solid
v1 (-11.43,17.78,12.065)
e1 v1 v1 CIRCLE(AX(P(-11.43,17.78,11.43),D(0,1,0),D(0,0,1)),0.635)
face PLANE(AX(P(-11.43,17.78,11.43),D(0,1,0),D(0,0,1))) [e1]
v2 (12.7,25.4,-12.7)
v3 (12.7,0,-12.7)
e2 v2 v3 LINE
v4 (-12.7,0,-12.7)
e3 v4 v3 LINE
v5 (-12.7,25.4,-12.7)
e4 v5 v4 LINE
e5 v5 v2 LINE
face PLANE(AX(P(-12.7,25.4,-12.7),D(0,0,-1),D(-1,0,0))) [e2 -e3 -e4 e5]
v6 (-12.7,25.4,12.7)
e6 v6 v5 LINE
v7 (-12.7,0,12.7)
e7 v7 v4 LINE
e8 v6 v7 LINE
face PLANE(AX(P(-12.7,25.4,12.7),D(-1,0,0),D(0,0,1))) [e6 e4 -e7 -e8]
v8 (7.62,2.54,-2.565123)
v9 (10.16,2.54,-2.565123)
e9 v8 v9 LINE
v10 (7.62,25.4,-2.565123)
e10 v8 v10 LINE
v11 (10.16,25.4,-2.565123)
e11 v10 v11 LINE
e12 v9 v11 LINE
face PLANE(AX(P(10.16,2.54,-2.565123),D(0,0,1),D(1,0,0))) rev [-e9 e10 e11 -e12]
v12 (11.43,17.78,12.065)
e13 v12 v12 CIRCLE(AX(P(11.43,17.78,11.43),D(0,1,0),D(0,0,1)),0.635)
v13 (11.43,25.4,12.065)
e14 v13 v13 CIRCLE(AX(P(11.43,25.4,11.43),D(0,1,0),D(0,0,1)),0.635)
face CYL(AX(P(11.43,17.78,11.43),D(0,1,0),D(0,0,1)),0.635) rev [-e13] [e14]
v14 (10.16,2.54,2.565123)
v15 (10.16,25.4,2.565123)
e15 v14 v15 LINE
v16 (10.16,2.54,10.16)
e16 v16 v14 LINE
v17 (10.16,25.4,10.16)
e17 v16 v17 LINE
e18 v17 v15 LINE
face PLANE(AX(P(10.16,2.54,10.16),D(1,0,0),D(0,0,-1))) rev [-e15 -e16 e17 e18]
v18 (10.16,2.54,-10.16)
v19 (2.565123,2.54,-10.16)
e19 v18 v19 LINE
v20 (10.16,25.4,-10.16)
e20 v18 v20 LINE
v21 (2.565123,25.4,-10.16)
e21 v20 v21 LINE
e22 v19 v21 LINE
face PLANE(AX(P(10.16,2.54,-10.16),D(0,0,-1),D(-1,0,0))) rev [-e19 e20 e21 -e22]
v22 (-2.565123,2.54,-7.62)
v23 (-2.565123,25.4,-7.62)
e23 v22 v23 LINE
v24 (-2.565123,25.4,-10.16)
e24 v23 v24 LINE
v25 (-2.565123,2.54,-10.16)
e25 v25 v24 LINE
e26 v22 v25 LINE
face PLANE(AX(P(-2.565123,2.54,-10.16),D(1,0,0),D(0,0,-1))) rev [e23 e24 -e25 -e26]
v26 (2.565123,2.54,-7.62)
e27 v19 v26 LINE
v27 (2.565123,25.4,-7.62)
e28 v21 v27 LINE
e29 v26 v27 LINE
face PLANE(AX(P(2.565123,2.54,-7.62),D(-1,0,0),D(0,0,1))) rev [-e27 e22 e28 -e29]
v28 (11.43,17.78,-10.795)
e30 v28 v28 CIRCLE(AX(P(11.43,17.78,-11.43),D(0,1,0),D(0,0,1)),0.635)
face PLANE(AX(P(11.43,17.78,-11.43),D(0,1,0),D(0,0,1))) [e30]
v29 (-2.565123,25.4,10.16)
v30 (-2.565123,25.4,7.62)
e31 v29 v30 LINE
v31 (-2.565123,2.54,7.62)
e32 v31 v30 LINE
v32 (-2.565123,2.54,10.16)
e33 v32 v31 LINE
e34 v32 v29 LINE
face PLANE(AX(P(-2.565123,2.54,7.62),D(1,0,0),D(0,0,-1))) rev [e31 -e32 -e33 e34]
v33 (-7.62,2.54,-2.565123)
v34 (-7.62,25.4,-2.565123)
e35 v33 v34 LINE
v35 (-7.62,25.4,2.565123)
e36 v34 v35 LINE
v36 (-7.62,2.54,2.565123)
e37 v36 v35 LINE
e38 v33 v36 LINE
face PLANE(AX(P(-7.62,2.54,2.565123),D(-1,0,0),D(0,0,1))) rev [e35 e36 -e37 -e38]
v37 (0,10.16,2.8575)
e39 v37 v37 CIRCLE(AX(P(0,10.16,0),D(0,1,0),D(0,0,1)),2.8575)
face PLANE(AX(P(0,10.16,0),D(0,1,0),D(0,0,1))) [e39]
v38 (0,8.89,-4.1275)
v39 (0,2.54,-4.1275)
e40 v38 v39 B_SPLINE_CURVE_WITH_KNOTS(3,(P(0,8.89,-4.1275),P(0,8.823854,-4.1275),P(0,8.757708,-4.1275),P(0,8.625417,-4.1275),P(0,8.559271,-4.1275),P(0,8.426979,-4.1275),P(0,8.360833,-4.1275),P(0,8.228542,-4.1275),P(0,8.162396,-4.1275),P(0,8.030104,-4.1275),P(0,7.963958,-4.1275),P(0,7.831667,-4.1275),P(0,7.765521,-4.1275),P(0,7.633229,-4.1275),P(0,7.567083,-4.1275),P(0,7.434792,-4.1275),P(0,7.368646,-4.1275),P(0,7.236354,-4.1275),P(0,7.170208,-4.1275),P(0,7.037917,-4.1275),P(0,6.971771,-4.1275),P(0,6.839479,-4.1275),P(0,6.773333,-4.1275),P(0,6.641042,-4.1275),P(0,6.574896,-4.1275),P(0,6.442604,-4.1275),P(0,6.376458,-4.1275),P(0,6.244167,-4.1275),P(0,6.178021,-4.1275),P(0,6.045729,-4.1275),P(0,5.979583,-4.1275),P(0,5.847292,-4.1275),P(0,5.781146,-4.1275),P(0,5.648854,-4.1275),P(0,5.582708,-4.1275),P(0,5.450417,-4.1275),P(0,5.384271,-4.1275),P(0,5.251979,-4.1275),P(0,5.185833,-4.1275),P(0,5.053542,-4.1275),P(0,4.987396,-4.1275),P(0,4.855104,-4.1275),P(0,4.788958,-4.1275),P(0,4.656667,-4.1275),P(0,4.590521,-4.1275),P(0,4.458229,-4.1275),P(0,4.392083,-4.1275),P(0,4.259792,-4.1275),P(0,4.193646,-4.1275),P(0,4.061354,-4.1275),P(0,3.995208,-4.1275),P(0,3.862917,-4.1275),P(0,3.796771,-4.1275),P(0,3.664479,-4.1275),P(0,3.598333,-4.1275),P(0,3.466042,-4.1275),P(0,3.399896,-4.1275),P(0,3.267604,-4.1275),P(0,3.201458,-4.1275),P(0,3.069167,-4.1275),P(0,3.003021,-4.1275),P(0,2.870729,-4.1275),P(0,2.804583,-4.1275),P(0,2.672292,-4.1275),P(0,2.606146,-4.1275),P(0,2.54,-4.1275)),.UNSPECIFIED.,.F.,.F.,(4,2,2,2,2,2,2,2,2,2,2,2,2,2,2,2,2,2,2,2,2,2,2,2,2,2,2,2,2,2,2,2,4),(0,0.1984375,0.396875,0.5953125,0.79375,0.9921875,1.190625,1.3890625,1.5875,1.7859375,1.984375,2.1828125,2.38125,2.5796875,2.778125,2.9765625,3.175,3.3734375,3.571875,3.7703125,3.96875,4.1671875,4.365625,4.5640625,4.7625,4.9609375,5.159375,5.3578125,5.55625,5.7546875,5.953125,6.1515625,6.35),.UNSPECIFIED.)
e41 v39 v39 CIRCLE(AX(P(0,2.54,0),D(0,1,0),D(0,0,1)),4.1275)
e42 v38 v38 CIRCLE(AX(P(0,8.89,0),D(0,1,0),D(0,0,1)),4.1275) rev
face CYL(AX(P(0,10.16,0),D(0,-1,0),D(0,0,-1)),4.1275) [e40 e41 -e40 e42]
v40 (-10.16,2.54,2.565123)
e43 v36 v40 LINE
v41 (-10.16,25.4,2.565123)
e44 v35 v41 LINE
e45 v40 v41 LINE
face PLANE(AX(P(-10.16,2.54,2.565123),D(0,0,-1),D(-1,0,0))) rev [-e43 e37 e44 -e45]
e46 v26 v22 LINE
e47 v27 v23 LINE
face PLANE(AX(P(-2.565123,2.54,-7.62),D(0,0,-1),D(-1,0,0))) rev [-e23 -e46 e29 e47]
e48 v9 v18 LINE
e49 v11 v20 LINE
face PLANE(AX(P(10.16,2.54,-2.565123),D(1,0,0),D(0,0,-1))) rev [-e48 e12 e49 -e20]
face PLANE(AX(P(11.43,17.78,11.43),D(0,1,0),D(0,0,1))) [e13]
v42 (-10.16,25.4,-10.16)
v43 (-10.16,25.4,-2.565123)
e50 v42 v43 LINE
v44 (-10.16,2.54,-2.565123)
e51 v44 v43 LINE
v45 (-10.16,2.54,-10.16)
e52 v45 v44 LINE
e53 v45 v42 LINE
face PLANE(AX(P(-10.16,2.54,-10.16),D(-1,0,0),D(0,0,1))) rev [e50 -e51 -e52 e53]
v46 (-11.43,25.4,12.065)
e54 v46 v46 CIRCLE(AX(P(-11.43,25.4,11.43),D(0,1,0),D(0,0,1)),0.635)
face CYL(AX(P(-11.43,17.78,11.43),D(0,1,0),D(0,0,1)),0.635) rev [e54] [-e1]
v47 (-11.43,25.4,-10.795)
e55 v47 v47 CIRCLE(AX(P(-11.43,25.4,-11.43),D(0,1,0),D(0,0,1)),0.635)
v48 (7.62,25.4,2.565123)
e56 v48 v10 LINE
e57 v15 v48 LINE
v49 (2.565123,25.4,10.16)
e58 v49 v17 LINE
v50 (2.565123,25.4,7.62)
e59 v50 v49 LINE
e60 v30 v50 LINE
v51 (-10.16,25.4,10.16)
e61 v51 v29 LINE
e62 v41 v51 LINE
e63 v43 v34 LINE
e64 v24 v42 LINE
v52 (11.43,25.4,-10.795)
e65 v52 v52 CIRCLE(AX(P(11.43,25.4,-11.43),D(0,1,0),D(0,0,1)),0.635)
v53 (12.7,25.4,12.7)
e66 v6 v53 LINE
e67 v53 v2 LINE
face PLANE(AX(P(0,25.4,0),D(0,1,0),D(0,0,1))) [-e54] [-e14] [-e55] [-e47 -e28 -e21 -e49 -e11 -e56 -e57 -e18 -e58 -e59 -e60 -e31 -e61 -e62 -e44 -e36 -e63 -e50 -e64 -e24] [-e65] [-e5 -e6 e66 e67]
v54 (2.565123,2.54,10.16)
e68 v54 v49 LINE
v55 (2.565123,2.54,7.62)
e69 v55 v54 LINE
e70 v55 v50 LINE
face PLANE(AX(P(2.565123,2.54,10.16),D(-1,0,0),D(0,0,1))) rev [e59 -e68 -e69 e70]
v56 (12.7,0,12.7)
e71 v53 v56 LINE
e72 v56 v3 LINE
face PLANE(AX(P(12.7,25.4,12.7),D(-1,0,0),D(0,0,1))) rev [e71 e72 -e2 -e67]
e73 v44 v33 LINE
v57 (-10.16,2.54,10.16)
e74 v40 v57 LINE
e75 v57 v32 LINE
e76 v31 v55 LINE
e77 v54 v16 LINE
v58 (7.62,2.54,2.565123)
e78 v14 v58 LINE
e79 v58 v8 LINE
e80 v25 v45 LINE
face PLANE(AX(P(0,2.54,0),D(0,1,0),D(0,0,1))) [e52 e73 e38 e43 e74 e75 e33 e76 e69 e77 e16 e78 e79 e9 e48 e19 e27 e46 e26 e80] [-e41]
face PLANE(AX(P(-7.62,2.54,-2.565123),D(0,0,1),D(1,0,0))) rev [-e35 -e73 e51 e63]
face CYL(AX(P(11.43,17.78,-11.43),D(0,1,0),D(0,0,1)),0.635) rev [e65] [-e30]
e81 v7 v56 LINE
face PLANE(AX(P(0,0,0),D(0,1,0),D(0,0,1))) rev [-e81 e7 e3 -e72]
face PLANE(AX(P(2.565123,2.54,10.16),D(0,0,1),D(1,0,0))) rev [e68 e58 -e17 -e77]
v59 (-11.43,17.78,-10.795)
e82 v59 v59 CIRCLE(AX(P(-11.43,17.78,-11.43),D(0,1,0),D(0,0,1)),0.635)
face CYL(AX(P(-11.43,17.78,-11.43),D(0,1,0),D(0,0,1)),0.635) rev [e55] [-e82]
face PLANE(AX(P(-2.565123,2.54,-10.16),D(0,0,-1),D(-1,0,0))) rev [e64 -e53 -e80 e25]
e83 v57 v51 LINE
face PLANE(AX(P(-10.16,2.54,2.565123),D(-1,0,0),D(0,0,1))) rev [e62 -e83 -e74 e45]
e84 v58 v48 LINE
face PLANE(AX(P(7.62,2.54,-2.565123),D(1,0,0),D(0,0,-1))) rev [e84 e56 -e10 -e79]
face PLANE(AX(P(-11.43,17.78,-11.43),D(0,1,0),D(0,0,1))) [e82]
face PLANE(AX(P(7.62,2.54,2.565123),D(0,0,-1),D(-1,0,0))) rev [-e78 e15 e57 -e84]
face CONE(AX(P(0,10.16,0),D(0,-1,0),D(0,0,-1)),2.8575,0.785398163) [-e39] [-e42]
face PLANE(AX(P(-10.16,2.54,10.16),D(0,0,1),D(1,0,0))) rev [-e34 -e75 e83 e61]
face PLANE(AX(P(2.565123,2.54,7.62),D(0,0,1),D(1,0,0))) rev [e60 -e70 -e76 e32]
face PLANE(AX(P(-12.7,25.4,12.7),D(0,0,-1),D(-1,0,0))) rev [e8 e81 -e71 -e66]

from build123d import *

# Parameters (mm, degrees)
SKETCH1_W           = 25.4
SKETCH1_H           = 25.4
BOSS_EXTRUDE1_DEPTH = 25.4
CUT_EXTRUDE2_DEPTH  = 22.86
SKETCH4_R           = 0.635
CUT_EXTRUDE4_DEPTH  = 7.62
SKETCH5_R           = 4.1275
BOSS_EXTRUDE2_DEPTH = 7.62
CHAMFER1_SIZE       = 1.27


with BuildPart() as part:
    # Sketch1 → Boss-Extrude1 (new body)
    with BuildSketch(Plane(origin=(0, 0, 0), x_dir=(1, 0, 0), z_dir=(0, 1, 0))):
        Rectangle(SKETCH1_W, SKETCH1_H)
    extrude(amount=BOSS_EXTRUDE1_DEPTH)

    # Sketch3 → Cut-Extrude2 (cut)
    with BuildSketch(Plane(origin=(0, 25.4, 0), x_dir=(1, 0, 0), z_dir=(0, 1, 0))):
        Polygon((10.16, 2.565122784), (7.62, 2.565122784), (7.62, -2.565122784), (10.16, -2.565122784), (10.16, -10.16), (2.565122784, -10.16), (2.565122784, -7.62), (-2.565122784, -7.62), (-2.565122784, -10.16), (-10.16, -10.16), (-10.16, -2.565122784), (-7.62, -2.565122784), (-7.62, 2.565122784), (-10.16, 2.565122784), (-10.16, 10.16), (-2.565122784, 10.16), (-2.565122784, 7.62), (2.565122784, 7.62), (2.565122784, 10.16), (10.16, 10.16), align=None)
    extrude(amount=-CUT_EXTRUDE2_DEPTH, mode=Mode.SUBTRACT)

    # Sketch4 → Cut-Extrude4 (cut)
    with BuildSketch(Plane(origin=(0, 25.4, 0), x_dir=(1, 0, 0), z_dir=(0, 1, 0))):
        with Locations(Location((11.43, 11.43, 0), (0, 0, 270))):
            Circle(SKETCH4_R)
        with Locations(Location((11.43, -11.43, 0), (0, 0, 270))):
            Circle(SKETCH4_R)
        with Locations(Location((-11.43, -11.43, 0), (0, 0, 270))):
            Circle(SKETCH4_R)
        with Locations(Location((-11.43, 11.43, 0), (0, 0, 270))):
            Circle(SKETCH4_R)
    extrude(amount=-CUT_EXTRUDE4_DEPTH, mode=Mode.SUBTRACT)

    # Sketch5 → Boss-Extrude2 (add)
    with BuildSketch(Plane(origin=(0, 2.54, 0), x_dir=(1, 0, 0), z_dir=(0, 1, 0))):
        with Locations(Location((0, 0, 0), (0, 0, 90))):
            Circle(SKETCH5_R)
    extrude(amount=BOSS_EXTRUDE2_DEPTH)

    # Chamfer1
    chamfer1_edges = [part.edges().sort_by_distance(p)[0] for p in [
        (0, 10.16, 4.1275),
    ]]
    chamfer(chamfer1_edges, length=CHAMFER1_SIZE)


solid = part.part
